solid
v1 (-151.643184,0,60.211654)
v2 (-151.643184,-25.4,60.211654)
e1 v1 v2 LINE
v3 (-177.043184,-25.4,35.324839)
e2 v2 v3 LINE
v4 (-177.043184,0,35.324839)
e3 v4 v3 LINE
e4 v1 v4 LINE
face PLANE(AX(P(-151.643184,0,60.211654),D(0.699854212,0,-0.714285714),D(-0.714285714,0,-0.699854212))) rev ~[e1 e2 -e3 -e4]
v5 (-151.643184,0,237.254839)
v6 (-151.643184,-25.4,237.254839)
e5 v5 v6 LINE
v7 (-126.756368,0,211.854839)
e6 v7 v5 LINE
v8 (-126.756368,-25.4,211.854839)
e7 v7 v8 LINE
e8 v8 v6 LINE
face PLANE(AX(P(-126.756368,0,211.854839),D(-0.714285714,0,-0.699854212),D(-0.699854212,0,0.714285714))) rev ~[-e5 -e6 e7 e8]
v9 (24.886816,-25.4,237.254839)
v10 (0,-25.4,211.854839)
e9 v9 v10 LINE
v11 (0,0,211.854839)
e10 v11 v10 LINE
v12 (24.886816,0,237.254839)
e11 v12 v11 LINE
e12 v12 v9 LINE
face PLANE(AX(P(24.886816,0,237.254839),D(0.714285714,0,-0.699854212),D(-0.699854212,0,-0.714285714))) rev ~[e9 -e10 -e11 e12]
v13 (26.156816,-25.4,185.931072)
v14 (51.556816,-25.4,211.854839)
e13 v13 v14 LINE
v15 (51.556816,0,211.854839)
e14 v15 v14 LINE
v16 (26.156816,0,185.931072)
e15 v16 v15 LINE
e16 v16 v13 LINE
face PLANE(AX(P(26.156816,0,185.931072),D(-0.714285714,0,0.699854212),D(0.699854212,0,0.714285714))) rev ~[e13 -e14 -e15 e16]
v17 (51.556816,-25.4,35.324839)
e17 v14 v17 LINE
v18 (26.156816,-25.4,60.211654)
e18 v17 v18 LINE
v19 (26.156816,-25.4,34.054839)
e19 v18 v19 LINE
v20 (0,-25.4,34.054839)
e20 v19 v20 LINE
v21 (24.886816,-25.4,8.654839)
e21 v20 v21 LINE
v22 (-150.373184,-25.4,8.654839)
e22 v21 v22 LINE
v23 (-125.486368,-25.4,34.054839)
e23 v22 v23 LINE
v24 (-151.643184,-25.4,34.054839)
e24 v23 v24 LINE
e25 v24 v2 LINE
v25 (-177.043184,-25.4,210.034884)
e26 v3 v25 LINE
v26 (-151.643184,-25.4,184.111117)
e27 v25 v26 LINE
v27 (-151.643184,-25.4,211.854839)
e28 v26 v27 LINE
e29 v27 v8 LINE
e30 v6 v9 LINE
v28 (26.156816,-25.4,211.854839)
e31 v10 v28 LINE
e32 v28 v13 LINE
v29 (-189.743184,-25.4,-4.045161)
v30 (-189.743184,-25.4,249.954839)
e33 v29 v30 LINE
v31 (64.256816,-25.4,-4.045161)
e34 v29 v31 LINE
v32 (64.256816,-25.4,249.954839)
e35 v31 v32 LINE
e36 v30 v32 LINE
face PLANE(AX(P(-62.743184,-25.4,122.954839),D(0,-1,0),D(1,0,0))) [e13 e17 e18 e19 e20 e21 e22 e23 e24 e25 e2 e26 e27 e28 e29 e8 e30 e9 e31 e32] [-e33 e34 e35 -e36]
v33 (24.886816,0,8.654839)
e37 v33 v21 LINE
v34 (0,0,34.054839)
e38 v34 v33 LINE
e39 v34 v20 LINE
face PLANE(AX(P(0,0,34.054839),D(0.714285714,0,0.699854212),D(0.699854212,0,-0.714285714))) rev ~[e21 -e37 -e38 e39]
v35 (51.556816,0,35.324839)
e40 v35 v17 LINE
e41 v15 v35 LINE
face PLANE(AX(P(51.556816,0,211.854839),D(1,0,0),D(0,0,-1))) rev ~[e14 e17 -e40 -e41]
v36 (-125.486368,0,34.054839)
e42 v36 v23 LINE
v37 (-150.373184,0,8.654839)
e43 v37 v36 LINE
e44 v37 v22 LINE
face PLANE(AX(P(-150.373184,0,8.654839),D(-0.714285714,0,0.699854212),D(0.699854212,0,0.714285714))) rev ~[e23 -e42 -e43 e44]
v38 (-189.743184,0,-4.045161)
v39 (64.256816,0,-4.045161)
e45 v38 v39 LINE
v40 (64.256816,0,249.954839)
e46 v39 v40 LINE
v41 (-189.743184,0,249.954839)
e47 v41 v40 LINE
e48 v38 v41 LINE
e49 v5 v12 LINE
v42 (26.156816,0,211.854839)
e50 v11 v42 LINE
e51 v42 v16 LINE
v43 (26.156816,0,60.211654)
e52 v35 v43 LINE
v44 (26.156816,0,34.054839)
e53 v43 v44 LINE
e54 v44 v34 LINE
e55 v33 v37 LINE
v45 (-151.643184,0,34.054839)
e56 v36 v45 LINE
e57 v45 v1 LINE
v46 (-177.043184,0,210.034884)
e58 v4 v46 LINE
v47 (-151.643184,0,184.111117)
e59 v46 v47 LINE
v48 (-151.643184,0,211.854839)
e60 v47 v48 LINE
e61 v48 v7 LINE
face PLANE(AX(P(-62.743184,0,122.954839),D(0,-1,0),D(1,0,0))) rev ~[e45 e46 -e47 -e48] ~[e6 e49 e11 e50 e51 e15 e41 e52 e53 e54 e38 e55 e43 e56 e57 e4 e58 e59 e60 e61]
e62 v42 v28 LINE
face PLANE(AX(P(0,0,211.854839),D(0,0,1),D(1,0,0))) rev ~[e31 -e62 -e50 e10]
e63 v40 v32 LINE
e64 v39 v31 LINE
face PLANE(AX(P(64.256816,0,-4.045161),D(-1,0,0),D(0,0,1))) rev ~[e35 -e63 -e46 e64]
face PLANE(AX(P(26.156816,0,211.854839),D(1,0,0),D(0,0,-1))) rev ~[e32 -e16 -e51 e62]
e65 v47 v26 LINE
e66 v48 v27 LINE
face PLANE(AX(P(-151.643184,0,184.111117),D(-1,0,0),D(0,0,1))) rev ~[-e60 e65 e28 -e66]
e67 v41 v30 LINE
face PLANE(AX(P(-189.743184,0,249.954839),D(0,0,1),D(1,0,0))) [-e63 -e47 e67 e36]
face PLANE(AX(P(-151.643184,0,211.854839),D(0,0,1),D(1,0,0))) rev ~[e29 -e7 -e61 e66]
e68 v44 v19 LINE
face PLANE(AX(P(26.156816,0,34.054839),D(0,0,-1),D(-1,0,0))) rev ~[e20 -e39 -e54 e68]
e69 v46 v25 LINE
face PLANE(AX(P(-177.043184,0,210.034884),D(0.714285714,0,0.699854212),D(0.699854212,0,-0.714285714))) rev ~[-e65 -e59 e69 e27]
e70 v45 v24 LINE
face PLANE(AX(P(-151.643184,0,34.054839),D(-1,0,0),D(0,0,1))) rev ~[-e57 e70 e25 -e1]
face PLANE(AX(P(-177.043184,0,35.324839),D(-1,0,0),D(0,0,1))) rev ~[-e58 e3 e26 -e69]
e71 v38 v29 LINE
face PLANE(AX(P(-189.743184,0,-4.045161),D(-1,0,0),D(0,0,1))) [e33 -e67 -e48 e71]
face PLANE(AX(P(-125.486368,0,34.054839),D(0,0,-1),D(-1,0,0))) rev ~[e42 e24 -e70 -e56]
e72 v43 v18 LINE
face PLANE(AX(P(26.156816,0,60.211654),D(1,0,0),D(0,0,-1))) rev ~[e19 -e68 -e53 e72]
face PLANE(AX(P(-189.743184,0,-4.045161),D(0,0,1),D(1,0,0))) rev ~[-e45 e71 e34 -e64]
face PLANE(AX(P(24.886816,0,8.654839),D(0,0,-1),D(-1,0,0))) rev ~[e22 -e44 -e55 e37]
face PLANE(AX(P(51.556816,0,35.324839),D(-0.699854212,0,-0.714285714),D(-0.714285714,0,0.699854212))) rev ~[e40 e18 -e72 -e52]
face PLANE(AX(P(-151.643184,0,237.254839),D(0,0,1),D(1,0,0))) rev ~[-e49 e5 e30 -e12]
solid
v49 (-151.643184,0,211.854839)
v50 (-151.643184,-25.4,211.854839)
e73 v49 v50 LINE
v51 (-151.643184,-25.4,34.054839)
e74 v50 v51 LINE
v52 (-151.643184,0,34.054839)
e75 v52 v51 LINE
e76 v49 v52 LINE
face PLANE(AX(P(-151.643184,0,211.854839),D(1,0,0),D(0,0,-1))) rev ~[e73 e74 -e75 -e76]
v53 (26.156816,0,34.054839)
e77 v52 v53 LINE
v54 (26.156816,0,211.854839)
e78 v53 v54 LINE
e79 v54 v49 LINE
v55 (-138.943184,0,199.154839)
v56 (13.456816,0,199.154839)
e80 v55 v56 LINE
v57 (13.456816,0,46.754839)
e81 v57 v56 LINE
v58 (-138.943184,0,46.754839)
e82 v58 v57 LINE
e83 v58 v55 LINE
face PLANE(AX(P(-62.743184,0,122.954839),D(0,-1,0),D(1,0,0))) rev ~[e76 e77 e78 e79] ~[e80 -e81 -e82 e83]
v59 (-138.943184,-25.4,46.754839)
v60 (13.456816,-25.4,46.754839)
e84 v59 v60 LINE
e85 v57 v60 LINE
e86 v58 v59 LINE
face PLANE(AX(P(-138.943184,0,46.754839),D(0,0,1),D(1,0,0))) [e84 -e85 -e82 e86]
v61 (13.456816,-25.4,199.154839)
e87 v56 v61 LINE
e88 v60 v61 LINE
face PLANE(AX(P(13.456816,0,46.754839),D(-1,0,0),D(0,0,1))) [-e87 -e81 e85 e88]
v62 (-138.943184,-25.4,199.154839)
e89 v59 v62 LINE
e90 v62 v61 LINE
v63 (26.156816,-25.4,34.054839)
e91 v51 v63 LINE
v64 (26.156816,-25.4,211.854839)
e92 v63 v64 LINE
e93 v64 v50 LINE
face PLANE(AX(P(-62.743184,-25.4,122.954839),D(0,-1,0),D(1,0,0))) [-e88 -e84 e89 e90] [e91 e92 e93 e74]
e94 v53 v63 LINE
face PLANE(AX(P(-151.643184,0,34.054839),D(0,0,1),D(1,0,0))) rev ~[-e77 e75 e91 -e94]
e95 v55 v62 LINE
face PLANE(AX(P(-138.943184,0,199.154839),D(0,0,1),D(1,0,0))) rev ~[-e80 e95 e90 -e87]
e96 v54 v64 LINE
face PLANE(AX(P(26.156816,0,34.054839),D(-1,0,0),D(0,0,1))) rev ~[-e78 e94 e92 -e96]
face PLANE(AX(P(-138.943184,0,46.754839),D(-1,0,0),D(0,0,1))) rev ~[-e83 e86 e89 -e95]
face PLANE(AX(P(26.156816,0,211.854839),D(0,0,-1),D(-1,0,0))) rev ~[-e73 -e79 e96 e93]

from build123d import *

# Parameters (mm, degrees)
F1_W     = 152.4
F1_H     = 152.4
F2_DEPTH = 25.4
F0_W     = 254
F0_H     = 254


with BuildPart() as f2:
    # F1 (on face) → F2 (new body)
    with BuildSketch(Plane.XZ):
        Polygon((26.1568157867, 211.8548386488), (0, 211.8548386488), (-126.7563684266, 211.8548386488), (-151.6431842133, 211.8548386488), (-151.6431842133, 184.1111174377), (-151.6431842133, 60.2116544355), (-151.6431842133, 34.0548386488), (-125.4863684266, 34.0548386488), (0, 34.0548386488), (26.1568157867, 34.0548386488), (26.1568157867, 60.2116544355), (26.1568157867, 185.9310722044), align=None)
        with Locations((-62.7431842133, 122.9548386488)):
            Rectangle(F1_W, F1_H, mode=Mode.SUBTRACT)
    extrude(amount=F2_DEPTH)


with BuildPart() as f2b:
    # F0 (on Front) → F2, piece 2 (new body)
    with BuildSketch(Plane.XZ):
        with Locations((-62.7431842133, 122.9548386488)):
            Rectangle(F0_W, F0_H)
        Polygon((-177.0431842133, 210.0348838822), (-177.0431842133, 237.2548386488), (-151.6431842133, 237.2548386488), (24.8868157867, 237.2548386488), (51.5568157867, 237.2548386488), (51.5568157867, 211.8548386488), (51.5568157867, 35.3248386488), (51.5568157867, 8.6548386488), (24.8868157867, 8.6548386488), (-150.3731842133, 8.6548386488), (-177.0431842133, 8.6548386488), (-177.0431842133, 35.3248386488), align=None, mode=Mode.SUBTRACT)
        Polygon((-151.6431842133, 237.2548386488), (-177.0431842133, 237.2548386488), (-177.0431842133, 210.0348838822), (-151.6431842133, 184.1111174377), (-151.6431842133, 211.8548386488), (-126.7563684266, 211.8548386488), align=None)
        Polygon((51.5568157867, 237.2548386488), (24.8868157867, 237.2548386488), (0, 211.8548386488), (26.1568157867, 211.8548386488), (26.1568157867, 185.9310722044), (51.5568157867, 211.8548386488), align=None)
        Polygon((51.5568157867, 8.6548386488), (51.5568157867, 35.3248386488), (26.1568157867, 60.2116544355), (26.1568157867, 34.0548386488), (0, 34.0548386488), (24.8868157867, 8.6548386488), align=None)
        Polygon((-151.6431842133, 60.2116544355), (-177.0431842133, 35.3248386488), (-177.0431842133, 8.6548386488), (-150.3731842133, 8.6548386488), (-125.4863684266, 34.0548386488), (-151.6431842133, 34.0548386488), align=None)
    extrude(amount=F2_DEPTH)


solid = Compound([f2.part, f2b.part])
